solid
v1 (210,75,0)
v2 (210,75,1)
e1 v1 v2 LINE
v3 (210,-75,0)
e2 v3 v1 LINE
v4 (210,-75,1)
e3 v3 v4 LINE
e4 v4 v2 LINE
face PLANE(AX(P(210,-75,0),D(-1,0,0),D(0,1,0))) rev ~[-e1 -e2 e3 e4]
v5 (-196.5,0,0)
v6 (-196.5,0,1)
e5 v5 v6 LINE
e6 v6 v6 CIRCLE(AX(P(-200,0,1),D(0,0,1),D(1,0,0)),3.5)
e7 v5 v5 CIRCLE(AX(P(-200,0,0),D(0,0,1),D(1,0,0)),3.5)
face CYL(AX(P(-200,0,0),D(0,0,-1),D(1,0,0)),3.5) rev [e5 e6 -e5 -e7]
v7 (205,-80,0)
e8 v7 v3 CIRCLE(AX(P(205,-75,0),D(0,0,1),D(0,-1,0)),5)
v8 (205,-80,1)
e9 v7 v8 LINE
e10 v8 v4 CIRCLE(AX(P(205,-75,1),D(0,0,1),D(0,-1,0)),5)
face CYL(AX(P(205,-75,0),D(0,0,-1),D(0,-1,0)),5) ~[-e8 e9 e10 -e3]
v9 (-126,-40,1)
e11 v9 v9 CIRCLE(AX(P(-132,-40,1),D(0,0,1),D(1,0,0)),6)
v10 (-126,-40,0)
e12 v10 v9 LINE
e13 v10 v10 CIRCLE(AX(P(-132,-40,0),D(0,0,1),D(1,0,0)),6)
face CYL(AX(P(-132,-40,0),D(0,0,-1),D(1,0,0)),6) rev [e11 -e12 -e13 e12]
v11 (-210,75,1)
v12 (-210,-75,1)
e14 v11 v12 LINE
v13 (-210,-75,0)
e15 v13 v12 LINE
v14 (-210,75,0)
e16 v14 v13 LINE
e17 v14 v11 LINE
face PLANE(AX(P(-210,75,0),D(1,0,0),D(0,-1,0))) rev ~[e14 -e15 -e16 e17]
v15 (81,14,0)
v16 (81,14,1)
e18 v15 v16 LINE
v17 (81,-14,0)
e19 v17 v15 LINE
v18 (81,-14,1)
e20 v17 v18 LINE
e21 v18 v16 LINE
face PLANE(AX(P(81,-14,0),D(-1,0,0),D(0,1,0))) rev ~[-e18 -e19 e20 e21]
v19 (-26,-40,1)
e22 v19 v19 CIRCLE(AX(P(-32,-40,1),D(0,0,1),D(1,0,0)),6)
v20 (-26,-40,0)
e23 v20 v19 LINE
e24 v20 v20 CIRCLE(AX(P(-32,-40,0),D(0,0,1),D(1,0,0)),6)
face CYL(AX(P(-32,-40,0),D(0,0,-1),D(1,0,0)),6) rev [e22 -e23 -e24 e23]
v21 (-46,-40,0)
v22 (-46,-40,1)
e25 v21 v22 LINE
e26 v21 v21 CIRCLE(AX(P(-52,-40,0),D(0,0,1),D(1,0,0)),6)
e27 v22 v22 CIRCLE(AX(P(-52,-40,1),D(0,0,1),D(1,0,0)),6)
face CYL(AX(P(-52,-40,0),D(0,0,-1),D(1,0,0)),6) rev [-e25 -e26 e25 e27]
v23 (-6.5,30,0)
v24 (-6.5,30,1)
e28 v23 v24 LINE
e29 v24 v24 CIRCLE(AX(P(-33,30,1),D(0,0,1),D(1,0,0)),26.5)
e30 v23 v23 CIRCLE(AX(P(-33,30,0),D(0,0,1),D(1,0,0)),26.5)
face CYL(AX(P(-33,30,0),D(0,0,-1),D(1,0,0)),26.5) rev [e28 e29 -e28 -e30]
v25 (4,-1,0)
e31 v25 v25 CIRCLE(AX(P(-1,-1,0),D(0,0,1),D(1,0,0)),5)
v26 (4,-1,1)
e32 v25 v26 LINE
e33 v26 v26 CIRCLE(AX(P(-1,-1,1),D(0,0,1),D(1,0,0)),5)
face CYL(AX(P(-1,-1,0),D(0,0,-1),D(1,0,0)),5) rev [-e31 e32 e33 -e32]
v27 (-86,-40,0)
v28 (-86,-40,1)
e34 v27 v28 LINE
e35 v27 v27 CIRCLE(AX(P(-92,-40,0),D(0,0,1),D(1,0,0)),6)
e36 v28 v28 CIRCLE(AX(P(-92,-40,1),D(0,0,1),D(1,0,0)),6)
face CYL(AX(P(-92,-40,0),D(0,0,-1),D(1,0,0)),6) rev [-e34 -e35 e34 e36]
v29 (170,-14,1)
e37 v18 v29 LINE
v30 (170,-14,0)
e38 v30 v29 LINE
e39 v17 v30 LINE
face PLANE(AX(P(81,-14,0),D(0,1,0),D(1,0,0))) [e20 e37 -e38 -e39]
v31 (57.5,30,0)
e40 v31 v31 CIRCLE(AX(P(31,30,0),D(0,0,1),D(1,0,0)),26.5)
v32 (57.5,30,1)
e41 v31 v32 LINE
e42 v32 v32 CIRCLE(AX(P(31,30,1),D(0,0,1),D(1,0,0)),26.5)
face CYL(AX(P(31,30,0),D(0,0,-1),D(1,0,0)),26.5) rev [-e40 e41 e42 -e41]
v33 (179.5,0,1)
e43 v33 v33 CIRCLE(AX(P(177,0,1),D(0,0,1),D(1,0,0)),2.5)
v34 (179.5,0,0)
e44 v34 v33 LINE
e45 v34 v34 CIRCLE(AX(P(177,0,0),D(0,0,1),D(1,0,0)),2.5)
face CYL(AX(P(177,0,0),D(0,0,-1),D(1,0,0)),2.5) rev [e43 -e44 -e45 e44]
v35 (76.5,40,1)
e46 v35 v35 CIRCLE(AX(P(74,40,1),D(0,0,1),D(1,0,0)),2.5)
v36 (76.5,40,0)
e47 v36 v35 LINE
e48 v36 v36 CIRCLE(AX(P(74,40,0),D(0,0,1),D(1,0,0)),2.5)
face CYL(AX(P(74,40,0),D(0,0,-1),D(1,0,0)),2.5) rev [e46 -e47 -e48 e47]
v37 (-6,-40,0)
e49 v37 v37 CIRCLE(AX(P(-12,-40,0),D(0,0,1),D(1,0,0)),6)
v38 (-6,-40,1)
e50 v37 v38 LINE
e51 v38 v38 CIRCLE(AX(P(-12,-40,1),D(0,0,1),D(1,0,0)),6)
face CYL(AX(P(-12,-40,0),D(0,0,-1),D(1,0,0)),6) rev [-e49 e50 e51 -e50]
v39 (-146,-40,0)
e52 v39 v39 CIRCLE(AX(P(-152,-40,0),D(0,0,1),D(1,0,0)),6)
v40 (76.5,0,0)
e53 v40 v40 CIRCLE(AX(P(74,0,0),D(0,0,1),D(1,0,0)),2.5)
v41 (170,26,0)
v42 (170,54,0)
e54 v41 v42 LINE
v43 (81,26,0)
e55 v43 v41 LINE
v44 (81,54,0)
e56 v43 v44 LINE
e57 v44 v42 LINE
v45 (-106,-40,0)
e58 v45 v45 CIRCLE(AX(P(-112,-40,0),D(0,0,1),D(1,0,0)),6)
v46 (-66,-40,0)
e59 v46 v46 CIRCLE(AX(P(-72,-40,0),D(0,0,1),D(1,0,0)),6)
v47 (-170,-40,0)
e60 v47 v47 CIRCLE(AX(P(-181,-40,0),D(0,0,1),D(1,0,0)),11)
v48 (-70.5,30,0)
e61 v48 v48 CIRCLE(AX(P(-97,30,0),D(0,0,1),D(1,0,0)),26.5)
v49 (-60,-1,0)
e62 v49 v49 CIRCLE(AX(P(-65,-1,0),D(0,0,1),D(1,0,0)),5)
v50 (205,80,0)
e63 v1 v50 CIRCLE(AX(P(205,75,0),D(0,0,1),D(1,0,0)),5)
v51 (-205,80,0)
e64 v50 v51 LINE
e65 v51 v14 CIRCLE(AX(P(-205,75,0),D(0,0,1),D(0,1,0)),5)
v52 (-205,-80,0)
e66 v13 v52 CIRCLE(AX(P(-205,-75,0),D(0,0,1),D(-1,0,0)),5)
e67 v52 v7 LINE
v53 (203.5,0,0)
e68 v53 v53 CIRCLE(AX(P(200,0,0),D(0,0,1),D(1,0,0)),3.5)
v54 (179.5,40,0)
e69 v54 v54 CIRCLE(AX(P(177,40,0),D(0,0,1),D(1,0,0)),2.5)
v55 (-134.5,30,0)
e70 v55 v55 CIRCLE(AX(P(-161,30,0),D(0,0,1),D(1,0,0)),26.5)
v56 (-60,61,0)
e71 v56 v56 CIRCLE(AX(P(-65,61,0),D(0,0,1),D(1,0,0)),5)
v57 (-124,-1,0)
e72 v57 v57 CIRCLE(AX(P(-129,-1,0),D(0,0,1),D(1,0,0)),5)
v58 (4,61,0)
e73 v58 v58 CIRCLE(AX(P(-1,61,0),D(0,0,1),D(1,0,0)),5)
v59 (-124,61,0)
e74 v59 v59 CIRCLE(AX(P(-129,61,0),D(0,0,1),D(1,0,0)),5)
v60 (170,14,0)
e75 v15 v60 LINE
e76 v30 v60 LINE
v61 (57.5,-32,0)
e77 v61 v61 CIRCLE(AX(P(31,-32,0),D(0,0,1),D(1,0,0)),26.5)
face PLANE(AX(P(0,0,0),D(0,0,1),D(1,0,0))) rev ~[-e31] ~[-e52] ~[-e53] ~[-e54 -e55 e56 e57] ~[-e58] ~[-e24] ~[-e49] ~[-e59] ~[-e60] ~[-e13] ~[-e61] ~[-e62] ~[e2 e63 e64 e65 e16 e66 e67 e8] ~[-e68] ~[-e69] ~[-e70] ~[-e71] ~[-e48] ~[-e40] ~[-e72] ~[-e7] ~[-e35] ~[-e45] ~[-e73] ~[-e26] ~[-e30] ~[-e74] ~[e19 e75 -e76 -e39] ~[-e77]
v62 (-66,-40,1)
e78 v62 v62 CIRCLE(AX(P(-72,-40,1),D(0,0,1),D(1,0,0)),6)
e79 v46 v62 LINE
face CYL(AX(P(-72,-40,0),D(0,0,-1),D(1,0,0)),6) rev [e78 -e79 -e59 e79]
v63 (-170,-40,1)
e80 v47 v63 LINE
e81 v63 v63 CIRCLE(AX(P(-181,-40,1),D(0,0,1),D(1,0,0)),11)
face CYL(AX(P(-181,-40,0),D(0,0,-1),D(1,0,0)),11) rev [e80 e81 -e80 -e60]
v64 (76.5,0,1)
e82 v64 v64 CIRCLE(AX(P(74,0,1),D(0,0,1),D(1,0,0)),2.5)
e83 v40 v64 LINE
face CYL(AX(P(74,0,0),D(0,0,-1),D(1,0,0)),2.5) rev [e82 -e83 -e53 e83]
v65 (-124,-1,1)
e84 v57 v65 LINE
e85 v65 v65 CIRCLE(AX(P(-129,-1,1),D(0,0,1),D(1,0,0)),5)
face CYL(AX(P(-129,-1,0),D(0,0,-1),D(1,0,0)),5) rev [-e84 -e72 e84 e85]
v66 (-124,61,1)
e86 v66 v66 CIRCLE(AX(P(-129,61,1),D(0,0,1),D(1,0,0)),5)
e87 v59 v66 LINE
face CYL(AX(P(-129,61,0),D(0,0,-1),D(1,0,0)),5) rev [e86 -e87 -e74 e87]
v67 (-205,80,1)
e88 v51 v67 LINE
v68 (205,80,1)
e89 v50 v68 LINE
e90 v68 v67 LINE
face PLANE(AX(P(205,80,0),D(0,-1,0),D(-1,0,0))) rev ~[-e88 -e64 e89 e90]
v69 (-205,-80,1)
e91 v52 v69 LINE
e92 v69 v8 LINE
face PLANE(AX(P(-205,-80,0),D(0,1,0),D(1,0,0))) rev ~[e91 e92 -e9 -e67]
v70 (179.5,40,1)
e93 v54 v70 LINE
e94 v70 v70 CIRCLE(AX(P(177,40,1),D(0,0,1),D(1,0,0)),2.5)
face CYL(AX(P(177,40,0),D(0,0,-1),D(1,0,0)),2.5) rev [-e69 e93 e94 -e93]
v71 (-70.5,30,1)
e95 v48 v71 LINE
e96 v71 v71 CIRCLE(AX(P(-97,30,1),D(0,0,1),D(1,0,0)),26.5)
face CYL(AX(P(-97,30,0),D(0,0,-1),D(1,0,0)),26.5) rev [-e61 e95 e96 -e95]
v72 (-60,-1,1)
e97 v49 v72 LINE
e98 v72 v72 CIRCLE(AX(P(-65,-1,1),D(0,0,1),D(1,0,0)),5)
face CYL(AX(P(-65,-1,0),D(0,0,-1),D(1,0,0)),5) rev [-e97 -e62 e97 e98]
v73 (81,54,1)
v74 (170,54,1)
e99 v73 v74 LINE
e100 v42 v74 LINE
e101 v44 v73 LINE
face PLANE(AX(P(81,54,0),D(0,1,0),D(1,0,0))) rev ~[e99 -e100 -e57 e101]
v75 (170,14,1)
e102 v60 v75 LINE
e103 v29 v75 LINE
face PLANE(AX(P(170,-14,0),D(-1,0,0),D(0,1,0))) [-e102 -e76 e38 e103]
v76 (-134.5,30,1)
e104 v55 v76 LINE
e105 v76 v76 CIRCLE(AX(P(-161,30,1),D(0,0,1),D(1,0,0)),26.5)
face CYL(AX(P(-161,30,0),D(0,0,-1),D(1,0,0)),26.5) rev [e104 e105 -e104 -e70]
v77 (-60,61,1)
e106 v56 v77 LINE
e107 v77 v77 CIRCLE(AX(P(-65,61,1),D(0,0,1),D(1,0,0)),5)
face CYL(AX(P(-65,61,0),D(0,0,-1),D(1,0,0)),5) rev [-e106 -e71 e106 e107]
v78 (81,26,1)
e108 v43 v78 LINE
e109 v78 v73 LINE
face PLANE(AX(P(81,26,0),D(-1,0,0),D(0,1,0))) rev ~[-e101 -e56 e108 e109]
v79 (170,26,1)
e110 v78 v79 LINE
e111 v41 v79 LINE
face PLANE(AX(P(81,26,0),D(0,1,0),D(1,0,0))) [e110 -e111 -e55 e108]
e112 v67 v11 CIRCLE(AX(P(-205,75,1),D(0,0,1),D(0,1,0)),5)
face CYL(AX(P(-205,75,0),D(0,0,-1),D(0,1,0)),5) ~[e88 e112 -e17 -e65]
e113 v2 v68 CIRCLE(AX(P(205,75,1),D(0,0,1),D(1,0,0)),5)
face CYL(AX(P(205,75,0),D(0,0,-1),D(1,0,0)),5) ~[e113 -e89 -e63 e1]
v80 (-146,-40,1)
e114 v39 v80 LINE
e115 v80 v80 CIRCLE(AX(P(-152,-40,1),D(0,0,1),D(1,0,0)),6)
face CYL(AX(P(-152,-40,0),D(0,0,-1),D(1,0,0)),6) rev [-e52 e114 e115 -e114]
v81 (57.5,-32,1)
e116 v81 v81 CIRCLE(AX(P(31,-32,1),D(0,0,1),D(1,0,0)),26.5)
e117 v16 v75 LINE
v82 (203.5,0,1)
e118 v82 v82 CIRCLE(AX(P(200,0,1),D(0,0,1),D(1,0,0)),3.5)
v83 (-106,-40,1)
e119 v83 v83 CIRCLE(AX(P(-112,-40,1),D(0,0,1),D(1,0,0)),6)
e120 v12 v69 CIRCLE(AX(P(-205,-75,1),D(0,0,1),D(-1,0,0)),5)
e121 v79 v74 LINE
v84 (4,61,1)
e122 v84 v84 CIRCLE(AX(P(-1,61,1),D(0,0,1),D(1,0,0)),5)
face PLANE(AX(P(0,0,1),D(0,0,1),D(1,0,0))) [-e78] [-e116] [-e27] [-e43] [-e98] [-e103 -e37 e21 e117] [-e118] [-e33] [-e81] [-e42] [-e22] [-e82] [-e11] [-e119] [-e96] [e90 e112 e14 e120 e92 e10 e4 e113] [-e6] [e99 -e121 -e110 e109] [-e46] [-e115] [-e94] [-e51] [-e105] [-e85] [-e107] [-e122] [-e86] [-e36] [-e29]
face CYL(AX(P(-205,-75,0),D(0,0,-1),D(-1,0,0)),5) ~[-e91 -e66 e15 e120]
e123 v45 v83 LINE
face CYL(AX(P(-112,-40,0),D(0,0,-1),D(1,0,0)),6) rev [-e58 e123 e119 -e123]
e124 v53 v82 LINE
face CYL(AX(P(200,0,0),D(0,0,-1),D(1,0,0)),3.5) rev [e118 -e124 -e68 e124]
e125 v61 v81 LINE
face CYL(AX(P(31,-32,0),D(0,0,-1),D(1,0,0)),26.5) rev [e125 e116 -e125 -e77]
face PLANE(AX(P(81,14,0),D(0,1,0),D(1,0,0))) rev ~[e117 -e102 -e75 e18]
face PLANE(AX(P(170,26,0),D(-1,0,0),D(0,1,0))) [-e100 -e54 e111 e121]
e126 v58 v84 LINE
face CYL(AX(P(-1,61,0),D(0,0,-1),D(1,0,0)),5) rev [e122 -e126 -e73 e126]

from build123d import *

# Parameters (mm, degrees)
ESQUISSE1_R        = 26.5
ESQUISSE1_R_2      = 2.5
ESQUISSE1_R_3      = 5
ESQUISSE1_R_4      = 11
ESQUISSE1_R_5      = 6
ESQUISSE1_R_6      = 3.5
ESQUISSE1_W        = 89
ESQUISSE1_H        = 28
BOSS_EXTRU_1_DEPTH = 1


with BuildPart() as part:
    # Esquisse1 → Boss.-Extru.1 (new body)
    with BuildSketch(Plane.XY):
        with BuildLine():
            Line((205, 80), (-205, 80))
            ThreePointArc((-205, 80), (-208.535533906, 78.535533906), (-210, 75))
            Line((-210, 75), (-210, -75))
            ThreePointArc((-210, -75), (-208.535533906, -78.535533906), (-205, -80))
            Line((-205, -80), (205, -80))
            ThreePointArc((205, -80), (208.535533906, -78.535533906), (210, -75))
            Line((210, -75), (210, 75))
            ThreePointArc((210, 75), (208.535533906, 78.535533906), (205, 80))
        make_face()
        with Locations((-161, 30)):
            Circle(ESQUISSE1_R, mode=Mode.SUBTRACT)
        with Locations((-97, 30)):
            Circle(ESQUISSE1_R, mode=Mode.SUBTRACT)
        with Locations((-33, 30)):
            Circle(ESQUISSE1_R, mode=Mode.SUBTRACT)
        with Locations((31, 30)):
            Circle(ESQUISSE1_R, mode=Mode.SUBTRACT)
        with Locations((74, 40)):
            Circle(ESQUISSE1_R_2, mode=Mode.SUBTRACT)
        with Locations((74, 0)):
            Circle(ESQUISSE1_R_2, mode=Mode.SUBTRACT)
        with Locations((177, 0)):
            Circle(ESQUISSE1_R_2, mode=Mode.SUBTRACT)
        with Locations((177, 40)):
            Circle(ESQUISSE1_R_2, mode=Mode.SUBTRACT)
        with Locations((31, -32)):
            Circle(ESQUISSE1_R, mode=Mode.SUBTRACT)
        with Locations((-129, 61)):
            Circle(ESQUISSE1_R_3, mode=Mode.SUBTRACT)
        with Locations((-65, 61)):
            Circle(ESQUISSE1_R_3, mode=Mode.SUBTRACT)
        with Locations((-1, 61)):
            Circle(ESQUISSE1_R_3, mode=Mode.SUBTRACT)
        with Locations((-1, -1)):
            Circle(ESQUISSE1_R_3, mode=Mode.SUBTRACT)
        with Locations((-65, -1)):
            Circle(ESQUISSE1_R_3, mode=Mode.SUBTRACT)
        with Locations((-129, -1)):
            Circle(ESQUISSE1_R_3, mode=Mode.SUBTRACT)
        with Locations((-181, -40)):
            Circle(ESQUISSE1_R_4, mode=Mode.SUBTRACT)
        with Locations((-152, -40)):
            Circle(ESQUISSE1_R_5, mode=Mode.SUBTRACT)
        with Locations((200, 0)):
            Circle(ESQUISSE1_R_6, mode=Mode.SUBTRACT)
        with Locations((-200, 0)):
            Circle(ESQUISSE1_R_6, mode=Mode.SUBTRACT)
        with Locations((-132, -40)):
            Circle(ESQUISSE1_R_5, mode=Mode.SUBTRACT)
        with Locations((-112, -40)):
            Circle(ESQUISSE1_R_5, mode=Mode.SUBTRACT)
        with Locations((-92, -40)):
            Circle(ESQUISSE1_R_5, mode=Mode.SUBTRACT)
        with Locations((-72, -40)):
            Circle(ESQUISSE1_R_5, mode=Mode.SUBTRACT)
        with Locations((-52, -40)):
            Circle(ESQUISSE1_R_5, mode=Mode.SUBTRACT)
        with Locations((-32, -40)):
            Circle(ESQUISSE1_R_5, mode=Mode.SUBTRACT)
        with Locations((-12, -40)):
            Circle(ESQUISSE1_R_5, mode=Mode.SUBTRACT)
        with Locations((125.5, 40)):
            Rectangle(ESQUISSE1_W, ESQUISSE1_H, mode=Mode.SUBTRACT)
        with Locations((125.5, 0)):
            Rectangle(ESQUISSE1_W, ESQUISSE1_H, mode=Mode.SUBTRACT)
    extrude(amount=BOSS_EXTRU_1_DEPTH)


solid = part.part
